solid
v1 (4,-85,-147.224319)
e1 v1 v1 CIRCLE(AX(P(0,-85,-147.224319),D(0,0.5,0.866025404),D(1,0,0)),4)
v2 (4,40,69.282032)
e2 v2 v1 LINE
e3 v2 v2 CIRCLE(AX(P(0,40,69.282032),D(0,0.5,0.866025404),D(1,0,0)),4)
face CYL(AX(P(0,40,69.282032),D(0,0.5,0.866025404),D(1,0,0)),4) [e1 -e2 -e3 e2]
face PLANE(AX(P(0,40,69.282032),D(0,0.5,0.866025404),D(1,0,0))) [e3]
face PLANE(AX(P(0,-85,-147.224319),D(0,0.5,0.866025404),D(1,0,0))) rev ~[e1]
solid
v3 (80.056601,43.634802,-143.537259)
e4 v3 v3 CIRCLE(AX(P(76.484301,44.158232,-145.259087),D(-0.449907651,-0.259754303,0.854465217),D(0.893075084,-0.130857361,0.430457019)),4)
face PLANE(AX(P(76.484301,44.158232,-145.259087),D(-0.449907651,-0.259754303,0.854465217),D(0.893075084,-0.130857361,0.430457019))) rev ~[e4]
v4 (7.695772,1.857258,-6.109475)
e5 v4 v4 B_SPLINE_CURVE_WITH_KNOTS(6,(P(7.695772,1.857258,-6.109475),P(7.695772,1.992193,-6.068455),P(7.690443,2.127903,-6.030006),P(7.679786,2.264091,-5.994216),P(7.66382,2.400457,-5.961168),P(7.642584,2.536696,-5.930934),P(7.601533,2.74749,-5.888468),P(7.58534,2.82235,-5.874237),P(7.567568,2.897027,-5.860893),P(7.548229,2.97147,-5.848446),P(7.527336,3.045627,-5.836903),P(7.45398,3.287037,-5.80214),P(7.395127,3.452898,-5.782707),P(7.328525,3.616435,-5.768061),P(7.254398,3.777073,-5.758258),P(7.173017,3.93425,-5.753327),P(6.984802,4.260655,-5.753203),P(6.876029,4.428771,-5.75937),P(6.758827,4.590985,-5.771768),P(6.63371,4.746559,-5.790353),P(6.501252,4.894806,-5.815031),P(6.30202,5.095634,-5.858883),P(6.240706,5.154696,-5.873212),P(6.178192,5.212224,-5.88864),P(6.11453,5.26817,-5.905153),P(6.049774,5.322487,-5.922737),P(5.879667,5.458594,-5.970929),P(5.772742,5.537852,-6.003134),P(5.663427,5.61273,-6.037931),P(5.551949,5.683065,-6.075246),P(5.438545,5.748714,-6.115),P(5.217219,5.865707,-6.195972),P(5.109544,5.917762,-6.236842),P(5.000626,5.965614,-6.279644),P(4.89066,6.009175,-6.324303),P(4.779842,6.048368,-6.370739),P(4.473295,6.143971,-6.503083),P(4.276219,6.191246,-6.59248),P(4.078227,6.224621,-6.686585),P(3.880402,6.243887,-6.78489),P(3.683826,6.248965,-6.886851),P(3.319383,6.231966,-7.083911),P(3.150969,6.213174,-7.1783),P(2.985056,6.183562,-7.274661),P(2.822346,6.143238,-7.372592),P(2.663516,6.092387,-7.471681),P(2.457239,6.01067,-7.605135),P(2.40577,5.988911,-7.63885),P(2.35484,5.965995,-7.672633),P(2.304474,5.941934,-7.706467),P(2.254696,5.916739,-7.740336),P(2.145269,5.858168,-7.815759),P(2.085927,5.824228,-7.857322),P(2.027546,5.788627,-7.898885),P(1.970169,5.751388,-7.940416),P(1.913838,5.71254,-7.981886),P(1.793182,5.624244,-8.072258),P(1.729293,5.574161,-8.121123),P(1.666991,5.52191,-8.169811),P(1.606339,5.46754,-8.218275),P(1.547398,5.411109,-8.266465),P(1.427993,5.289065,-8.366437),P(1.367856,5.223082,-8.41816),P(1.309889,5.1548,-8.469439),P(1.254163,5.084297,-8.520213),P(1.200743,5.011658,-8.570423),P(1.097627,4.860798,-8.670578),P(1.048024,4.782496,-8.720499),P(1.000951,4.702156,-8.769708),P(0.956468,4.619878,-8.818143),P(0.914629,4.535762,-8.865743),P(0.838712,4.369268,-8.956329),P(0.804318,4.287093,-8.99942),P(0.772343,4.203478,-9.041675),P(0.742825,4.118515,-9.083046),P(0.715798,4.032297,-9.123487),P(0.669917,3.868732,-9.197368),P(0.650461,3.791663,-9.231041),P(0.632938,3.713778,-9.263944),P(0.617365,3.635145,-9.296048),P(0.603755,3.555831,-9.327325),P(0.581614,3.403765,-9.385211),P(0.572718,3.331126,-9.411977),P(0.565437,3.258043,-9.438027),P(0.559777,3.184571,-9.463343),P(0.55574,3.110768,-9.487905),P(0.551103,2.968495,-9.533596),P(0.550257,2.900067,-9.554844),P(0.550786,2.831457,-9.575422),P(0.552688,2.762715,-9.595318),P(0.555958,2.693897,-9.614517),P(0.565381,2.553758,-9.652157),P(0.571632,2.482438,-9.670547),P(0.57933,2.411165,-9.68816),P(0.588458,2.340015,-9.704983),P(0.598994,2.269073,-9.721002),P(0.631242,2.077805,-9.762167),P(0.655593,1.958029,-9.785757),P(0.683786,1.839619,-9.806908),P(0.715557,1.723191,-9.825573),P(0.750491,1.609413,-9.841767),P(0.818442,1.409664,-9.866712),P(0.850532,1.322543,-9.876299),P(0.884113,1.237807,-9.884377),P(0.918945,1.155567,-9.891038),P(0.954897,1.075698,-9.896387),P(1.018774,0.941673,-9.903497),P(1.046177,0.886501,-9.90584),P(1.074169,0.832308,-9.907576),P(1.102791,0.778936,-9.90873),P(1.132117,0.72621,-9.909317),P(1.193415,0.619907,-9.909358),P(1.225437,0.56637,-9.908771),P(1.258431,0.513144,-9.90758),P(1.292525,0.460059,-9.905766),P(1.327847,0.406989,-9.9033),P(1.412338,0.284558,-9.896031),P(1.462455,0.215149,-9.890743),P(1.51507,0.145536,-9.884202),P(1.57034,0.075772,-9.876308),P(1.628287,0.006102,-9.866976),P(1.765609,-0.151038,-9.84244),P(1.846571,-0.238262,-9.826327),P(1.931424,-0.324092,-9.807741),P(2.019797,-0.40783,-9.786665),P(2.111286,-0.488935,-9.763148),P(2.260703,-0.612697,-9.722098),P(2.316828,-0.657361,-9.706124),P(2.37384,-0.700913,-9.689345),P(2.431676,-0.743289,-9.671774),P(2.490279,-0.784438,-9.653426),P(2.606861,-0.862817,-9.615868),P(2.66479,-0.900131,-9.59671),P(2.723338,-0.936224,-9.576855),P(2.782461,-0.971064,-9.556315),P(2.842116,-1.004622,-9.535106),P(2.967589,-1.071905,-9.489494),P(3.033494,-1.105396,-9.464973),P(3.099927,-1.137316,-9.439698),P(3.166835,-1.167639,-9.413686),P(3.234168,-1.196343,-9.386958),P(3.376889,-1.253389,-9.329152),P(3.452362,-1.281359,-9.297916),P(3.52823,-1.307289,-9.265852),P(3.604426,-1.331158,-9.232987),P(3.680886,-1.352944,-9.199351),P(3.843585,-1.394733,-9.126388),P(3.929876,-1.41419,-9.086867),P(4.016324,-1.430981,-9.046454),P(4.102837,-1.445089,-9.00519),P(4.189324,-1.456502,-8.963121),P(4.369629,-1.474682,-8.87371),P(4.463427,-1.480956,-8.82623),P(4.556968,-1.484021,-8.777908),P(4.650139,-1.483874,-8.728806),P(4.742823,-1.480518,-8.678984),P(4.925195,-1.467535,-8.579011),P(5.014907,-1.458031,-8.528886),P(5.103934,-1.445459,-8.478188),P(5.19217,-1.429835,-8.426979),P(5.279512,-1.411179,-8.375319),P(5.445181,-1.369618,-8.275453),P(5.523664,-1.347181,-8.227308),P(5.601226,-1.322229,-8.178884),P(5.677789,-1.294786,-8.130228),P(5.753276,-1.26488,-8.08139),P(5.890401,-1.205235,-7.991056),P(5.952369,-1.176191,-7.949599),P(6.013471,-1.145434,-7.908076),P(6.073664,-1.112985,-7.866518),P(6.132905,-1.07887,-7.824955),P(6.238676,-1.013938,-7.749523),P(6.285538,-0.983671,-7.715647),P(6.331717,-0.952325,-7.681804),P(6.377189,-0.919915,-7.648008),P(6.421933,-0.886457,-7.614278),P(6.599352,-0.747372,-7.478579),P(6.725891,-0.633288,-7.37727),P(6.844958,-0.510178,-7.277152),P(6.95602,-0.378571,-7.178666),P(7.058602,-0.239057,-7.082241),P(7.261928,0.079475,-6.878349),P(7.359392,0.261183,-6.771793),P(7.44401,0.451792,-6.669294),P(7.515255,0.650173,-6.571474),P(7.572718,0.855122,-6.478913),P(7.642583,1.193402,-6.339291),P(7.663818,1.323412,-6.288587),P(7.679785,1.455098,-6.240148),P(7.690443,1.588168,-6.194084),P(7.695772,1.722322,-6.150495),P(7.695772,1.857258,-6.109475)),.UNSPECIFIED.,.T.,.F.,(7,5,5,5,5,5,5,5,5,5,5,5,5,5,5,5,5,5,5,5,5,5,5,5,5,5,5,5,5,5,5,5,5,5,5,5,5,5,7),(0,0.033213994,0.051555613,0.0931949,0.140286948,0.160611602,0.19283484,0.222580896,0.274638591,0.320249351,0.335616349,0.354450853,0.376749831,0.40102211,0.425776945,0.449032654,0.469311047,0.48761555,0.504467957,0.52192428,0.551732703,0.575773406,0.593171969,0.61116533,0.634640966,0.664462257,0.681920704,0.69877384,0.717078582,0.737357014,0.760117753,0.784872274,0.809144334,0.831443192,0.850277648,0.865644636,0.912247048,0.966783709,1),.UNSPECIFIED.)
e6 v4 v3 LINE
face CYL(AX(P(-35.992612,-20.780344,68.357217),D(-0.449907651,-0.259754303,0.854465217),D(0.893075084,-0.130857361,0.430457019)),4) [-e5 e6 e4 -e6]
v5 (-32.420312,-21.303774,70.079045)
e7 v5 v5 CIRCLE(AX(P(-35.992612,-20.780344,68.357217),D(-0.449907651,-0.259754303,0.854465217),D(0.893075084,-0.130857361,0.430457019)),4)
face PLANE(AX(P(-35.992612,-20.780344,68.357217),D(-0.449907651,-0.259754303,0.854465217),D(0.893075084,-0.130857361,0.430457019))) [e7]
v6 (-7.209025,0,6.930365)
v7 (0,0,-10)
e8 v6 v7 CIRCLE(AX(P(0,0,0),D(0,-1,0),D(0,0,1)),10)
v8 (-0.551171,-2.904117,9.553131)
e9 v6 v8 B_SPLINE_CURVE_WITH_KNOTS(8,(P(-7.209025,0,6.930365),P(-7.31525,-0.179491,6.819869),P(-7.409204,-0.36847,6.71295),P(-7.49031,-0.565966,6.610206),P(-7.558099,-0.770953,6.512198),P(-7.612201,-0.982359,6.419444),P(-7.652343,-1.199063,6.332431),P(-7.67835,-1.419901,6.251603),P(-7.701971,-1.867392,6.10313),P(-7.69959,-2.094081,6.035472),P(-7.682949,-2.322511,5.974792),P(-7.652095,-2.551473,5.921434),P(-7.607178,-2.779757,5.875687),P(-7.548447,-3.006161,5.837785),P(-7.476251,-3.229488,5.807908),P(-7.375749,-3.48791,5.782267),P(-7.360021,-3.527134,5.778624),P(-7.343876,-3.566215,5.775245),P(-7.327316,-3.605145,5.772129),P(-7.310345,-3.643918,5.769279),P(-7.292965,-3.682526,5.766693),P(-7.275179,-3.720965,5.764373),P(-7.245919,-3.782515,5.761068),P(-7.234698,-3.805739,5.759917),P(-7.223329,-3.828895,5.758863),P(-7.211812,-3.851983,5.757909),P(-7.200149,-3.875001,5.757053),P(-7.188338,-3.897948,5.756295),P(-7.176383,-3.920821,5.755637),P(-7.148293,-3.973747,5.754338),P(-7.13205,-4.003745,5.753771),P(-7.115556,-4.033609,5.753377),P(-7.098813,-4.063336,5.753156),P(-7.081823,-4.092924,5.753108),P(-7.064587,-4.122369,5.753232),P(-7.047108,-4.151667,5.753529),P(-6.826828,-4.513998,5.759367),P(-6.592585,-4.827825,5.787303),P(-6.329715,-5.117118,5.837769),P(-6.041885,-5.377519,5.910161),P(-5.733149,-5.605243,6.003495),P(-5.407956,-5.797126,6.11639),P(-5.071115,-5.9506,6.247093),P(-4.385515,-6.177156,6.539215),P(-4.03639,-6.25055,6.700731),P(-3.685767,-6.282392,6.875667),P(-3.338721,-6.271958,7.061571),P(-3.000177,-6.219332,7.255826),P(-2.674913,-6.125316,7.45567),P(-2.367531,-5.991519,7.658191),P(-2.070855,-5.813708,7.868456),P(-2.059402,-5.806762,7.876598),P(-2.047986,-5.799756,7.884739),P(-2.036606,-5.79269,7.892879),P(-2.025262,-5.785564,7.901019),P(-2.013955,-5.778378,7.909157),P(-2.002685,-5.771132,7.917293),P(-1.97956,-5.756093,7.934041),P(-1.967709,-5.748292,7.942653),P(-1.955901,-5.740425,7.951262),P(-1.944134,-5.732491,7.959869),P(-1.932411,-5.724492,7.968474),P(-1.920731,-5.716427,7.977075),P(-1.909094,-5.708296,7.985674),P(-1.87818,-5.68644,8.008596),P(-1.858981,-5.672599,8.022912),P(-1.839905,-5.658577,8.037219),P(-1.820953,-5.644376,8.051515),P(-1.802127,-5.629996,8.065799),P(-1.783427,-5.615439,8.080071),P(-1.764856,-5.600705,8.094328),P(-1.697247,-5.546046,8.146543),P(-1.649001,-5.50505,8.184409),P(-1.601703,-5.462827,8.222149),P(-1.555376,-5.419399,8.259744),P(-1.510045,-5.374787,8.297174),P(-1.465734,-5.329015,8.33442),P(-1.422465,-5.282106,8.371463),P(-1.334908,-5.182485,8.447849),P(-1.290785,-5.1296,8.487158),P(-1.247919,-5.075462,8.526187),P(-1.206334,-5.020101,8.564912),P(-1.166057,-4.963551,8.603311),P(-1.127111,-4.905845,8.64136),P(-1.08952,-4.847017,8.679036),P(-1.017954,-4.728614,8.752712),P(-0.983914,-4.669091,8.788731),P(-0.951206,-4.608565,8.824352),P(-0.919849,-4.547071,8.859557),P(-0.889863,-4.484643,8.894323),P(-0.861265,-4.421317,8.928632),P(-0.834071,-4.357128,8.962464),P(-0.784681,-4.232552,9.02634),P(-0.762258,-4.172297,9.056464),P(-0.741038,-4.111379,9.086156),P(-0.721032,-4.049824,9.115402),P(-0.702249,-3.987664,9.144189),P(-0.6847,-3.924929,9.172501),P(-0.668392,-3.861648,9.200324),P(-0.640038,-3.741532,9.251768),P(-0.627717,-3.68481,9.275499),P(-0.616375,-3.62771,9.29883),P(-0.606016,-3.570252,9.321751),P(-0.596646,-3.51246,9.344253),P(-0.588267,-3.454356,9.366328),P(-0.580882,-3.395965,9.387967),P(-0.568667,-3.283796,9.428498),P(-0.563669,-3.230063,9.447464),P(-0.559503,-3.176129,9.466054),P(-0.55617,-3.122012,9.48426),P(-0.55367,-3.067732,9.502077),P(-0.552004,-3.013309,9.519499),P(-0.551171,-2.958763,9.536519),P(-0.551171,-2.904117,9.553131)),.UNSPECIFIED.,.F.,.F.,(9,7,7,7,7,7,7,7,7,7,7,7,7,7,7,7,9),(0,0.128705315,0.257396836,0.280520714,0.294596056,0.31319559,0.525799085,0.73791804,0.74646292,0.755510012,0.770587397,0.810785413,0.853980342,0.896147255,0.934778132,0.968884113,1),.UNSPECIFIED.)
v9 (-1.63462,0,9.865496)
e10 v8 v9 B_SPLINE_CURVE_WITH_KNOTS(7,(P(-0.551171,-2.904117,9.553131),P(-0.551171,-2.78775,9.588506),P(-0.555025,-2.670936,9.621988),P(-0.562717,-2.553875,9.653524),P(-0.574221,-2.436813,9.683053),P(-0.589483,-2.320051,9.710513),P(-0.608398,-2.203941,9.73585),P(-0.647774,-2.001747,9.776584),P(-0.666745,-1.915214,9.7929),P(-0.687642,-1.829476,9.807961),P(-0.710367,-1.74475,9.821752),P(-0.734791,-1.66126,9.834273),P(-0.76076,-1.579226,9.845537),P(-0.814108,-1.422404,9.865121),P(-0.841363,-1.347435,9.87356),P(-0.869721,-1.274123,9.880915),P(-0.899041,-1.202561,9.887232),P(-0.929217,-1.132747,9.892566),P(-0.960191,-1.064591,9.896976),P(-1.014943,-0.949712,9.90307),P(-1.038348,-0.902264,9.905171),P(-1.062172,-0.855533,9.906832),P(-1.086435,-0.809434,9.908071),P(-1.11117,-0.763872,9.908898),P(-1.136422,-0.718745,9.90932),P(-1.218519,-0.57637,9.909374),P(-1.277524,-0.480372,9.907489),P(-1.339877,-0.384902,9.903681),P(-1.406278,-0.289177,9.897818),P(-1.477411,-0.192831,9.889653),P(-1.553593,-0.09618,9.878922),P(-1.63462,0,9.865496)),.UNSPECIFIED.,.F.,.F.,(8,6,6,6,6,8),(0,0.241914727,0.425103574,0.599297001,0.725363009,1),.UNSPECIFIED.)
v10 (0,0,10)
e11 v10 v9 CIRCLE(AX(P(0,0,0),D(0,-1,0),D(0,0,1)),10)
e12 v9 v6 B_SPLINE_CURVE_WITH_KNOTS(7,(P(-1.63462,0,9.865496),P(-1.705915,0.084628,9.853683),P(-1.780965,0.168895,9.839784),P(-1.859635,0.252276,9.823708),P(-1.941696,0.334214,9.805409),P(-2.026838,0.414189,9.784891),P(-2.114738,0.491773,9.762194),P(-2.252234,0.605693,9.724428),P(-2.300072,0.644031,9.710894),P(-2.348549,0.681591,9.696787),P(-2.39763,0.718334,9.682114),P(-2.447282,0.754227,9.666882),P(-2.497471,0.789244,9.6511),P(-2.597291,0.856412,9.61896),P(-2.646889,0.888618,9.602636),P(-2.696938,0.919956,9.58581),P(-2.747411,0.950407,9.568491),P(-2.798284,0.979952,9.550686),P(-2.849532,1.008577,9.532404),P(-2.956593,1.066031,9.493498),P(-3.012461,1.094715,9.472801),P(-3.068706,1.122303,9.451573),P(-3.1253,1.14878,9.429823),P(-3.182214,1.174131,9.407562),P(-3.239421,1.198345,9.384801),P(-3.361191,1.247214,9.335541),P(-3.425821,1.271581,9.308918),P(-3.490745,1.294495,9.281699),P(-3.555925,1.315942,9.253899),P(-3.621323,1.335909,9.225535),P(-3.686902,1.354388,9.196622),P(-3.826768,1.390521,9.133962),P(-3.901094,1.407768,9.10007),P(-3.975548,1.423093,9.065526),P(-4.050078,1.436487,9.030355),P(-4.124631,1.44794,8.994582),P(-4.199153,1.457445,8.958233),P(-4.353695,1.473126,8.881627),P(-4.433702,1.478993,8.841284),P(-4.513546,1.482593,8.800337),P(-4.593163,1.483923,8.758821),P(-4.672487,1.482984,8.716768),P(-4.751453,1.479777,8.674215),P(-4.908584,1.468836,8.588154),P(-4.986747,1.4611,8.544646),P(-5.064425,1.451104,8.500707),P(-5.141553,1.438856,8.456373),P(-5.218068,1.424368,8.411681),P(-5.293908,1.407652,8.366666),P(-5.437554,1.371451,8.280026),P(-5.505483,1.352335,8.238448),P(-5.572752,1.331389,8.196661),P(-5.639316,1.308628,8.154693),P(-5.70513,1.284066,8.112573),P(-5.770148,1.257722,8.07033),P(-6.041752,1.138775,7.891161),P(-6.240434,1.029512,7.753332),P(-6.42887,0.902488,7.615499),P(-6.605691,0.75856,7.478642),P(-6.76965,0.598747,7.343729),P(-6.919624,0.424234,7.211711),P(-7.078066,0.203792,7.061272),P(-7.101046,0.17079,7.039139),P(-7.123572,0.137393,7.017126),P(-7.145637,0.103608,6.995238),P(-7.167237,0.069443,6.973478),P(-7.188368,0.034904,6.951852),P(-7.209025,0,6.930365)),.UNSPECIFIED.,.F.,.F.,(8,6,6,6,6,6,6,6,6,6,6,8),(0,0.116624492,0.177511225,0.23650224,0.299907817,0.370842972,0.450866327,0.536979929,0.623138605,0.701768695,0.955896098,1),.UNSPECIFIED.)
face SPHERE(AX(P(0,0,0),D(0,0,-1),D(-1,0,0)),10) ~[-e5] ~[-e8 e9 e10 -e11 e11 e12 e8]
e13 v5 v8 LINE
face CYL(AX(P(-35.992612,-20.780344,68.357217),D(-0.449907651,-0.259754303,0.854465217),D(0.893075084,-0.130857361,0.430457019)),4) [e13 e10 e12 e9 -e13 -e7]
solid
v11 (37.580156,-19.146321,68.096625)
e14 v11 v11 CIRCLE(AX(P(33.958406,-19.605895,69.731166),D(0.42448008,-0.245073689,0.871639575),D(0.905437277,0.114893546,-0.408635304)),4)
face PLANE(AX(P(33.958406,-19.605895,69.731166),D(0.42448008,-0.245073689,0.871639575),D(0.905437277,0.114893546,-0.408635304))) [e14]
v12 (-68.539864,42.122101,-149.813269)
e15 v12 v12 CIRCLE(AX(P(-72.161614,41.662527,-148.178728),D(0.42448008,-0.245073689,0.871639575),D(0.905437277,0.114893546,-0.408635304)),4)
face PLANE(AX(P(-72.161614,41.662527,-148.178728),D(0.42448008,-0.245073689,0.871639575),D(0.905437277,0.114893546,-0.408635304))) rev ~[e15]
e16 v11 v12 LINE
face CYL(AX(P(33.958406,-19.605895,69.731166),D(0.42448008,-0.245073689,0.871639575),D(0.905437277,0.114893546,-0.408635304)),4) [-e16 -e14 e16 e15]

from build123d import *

# Parameters (mm, degrees)
F12_R     = 4
F14_DEPTH = 250
F11_R     = 4
F15_DEPTH = 250
F13_R     = 4
F16_DEPTH = 250


with BuildPart() as f1:
    # F0 (on Front) → F1 (revolve)
    with BuildSketch(Plane.XZ):
        with BuildLine():
            Line((0, 0), (0, 10))
            ThreePointArc((0, 10), (-10, 0), (0, -10))
            Line((0, -10), (0, 0))
        make_face()
    revolve(axis=Axis((0, 0, 5), (0, 0, 1)))

    # F12 (on line) → F14 (join)
    with BuildSketch(Plane(origin=(-35.9926120505, -20.7803442562, 68.3572173978), x_dir=(0.8930750841, -0.1308573606, 0.4304570191), z_dir=(-0.4499076506, -0.2597543032, 0.8544652175))):
        Circle(F12_R)
    extrude(amount=-F14_DEPTH)


with BuildPart() as f15:
    # F11 (on line) → F15 (new body)
    with BuildSketch(Plane(origin=(0, 40, 69.2820323028), x_dir=(1, 0, 0), z_dir=(0, 0.5, 0.8660254038))):
        Circle(F11_R)
    extrude(amount=-F15_DEPTH)


with BuildPart() as f16:
    # F13 (on line) → F16 (new body)
    with BuildSketch(Plane(origin=(33.9584064001, -19.6058950764, 69.7311660093), x_dir=(0.9054372765, 0.1148935455, -0.4086353038), z_dir=(0.42448008, -0.2450736885, 0.8716395751))):
        Circle(F13_R)
    extrude(amount=-F16_DEPTH)


solid = Compound([f1.part, f15.part, f16.part])
